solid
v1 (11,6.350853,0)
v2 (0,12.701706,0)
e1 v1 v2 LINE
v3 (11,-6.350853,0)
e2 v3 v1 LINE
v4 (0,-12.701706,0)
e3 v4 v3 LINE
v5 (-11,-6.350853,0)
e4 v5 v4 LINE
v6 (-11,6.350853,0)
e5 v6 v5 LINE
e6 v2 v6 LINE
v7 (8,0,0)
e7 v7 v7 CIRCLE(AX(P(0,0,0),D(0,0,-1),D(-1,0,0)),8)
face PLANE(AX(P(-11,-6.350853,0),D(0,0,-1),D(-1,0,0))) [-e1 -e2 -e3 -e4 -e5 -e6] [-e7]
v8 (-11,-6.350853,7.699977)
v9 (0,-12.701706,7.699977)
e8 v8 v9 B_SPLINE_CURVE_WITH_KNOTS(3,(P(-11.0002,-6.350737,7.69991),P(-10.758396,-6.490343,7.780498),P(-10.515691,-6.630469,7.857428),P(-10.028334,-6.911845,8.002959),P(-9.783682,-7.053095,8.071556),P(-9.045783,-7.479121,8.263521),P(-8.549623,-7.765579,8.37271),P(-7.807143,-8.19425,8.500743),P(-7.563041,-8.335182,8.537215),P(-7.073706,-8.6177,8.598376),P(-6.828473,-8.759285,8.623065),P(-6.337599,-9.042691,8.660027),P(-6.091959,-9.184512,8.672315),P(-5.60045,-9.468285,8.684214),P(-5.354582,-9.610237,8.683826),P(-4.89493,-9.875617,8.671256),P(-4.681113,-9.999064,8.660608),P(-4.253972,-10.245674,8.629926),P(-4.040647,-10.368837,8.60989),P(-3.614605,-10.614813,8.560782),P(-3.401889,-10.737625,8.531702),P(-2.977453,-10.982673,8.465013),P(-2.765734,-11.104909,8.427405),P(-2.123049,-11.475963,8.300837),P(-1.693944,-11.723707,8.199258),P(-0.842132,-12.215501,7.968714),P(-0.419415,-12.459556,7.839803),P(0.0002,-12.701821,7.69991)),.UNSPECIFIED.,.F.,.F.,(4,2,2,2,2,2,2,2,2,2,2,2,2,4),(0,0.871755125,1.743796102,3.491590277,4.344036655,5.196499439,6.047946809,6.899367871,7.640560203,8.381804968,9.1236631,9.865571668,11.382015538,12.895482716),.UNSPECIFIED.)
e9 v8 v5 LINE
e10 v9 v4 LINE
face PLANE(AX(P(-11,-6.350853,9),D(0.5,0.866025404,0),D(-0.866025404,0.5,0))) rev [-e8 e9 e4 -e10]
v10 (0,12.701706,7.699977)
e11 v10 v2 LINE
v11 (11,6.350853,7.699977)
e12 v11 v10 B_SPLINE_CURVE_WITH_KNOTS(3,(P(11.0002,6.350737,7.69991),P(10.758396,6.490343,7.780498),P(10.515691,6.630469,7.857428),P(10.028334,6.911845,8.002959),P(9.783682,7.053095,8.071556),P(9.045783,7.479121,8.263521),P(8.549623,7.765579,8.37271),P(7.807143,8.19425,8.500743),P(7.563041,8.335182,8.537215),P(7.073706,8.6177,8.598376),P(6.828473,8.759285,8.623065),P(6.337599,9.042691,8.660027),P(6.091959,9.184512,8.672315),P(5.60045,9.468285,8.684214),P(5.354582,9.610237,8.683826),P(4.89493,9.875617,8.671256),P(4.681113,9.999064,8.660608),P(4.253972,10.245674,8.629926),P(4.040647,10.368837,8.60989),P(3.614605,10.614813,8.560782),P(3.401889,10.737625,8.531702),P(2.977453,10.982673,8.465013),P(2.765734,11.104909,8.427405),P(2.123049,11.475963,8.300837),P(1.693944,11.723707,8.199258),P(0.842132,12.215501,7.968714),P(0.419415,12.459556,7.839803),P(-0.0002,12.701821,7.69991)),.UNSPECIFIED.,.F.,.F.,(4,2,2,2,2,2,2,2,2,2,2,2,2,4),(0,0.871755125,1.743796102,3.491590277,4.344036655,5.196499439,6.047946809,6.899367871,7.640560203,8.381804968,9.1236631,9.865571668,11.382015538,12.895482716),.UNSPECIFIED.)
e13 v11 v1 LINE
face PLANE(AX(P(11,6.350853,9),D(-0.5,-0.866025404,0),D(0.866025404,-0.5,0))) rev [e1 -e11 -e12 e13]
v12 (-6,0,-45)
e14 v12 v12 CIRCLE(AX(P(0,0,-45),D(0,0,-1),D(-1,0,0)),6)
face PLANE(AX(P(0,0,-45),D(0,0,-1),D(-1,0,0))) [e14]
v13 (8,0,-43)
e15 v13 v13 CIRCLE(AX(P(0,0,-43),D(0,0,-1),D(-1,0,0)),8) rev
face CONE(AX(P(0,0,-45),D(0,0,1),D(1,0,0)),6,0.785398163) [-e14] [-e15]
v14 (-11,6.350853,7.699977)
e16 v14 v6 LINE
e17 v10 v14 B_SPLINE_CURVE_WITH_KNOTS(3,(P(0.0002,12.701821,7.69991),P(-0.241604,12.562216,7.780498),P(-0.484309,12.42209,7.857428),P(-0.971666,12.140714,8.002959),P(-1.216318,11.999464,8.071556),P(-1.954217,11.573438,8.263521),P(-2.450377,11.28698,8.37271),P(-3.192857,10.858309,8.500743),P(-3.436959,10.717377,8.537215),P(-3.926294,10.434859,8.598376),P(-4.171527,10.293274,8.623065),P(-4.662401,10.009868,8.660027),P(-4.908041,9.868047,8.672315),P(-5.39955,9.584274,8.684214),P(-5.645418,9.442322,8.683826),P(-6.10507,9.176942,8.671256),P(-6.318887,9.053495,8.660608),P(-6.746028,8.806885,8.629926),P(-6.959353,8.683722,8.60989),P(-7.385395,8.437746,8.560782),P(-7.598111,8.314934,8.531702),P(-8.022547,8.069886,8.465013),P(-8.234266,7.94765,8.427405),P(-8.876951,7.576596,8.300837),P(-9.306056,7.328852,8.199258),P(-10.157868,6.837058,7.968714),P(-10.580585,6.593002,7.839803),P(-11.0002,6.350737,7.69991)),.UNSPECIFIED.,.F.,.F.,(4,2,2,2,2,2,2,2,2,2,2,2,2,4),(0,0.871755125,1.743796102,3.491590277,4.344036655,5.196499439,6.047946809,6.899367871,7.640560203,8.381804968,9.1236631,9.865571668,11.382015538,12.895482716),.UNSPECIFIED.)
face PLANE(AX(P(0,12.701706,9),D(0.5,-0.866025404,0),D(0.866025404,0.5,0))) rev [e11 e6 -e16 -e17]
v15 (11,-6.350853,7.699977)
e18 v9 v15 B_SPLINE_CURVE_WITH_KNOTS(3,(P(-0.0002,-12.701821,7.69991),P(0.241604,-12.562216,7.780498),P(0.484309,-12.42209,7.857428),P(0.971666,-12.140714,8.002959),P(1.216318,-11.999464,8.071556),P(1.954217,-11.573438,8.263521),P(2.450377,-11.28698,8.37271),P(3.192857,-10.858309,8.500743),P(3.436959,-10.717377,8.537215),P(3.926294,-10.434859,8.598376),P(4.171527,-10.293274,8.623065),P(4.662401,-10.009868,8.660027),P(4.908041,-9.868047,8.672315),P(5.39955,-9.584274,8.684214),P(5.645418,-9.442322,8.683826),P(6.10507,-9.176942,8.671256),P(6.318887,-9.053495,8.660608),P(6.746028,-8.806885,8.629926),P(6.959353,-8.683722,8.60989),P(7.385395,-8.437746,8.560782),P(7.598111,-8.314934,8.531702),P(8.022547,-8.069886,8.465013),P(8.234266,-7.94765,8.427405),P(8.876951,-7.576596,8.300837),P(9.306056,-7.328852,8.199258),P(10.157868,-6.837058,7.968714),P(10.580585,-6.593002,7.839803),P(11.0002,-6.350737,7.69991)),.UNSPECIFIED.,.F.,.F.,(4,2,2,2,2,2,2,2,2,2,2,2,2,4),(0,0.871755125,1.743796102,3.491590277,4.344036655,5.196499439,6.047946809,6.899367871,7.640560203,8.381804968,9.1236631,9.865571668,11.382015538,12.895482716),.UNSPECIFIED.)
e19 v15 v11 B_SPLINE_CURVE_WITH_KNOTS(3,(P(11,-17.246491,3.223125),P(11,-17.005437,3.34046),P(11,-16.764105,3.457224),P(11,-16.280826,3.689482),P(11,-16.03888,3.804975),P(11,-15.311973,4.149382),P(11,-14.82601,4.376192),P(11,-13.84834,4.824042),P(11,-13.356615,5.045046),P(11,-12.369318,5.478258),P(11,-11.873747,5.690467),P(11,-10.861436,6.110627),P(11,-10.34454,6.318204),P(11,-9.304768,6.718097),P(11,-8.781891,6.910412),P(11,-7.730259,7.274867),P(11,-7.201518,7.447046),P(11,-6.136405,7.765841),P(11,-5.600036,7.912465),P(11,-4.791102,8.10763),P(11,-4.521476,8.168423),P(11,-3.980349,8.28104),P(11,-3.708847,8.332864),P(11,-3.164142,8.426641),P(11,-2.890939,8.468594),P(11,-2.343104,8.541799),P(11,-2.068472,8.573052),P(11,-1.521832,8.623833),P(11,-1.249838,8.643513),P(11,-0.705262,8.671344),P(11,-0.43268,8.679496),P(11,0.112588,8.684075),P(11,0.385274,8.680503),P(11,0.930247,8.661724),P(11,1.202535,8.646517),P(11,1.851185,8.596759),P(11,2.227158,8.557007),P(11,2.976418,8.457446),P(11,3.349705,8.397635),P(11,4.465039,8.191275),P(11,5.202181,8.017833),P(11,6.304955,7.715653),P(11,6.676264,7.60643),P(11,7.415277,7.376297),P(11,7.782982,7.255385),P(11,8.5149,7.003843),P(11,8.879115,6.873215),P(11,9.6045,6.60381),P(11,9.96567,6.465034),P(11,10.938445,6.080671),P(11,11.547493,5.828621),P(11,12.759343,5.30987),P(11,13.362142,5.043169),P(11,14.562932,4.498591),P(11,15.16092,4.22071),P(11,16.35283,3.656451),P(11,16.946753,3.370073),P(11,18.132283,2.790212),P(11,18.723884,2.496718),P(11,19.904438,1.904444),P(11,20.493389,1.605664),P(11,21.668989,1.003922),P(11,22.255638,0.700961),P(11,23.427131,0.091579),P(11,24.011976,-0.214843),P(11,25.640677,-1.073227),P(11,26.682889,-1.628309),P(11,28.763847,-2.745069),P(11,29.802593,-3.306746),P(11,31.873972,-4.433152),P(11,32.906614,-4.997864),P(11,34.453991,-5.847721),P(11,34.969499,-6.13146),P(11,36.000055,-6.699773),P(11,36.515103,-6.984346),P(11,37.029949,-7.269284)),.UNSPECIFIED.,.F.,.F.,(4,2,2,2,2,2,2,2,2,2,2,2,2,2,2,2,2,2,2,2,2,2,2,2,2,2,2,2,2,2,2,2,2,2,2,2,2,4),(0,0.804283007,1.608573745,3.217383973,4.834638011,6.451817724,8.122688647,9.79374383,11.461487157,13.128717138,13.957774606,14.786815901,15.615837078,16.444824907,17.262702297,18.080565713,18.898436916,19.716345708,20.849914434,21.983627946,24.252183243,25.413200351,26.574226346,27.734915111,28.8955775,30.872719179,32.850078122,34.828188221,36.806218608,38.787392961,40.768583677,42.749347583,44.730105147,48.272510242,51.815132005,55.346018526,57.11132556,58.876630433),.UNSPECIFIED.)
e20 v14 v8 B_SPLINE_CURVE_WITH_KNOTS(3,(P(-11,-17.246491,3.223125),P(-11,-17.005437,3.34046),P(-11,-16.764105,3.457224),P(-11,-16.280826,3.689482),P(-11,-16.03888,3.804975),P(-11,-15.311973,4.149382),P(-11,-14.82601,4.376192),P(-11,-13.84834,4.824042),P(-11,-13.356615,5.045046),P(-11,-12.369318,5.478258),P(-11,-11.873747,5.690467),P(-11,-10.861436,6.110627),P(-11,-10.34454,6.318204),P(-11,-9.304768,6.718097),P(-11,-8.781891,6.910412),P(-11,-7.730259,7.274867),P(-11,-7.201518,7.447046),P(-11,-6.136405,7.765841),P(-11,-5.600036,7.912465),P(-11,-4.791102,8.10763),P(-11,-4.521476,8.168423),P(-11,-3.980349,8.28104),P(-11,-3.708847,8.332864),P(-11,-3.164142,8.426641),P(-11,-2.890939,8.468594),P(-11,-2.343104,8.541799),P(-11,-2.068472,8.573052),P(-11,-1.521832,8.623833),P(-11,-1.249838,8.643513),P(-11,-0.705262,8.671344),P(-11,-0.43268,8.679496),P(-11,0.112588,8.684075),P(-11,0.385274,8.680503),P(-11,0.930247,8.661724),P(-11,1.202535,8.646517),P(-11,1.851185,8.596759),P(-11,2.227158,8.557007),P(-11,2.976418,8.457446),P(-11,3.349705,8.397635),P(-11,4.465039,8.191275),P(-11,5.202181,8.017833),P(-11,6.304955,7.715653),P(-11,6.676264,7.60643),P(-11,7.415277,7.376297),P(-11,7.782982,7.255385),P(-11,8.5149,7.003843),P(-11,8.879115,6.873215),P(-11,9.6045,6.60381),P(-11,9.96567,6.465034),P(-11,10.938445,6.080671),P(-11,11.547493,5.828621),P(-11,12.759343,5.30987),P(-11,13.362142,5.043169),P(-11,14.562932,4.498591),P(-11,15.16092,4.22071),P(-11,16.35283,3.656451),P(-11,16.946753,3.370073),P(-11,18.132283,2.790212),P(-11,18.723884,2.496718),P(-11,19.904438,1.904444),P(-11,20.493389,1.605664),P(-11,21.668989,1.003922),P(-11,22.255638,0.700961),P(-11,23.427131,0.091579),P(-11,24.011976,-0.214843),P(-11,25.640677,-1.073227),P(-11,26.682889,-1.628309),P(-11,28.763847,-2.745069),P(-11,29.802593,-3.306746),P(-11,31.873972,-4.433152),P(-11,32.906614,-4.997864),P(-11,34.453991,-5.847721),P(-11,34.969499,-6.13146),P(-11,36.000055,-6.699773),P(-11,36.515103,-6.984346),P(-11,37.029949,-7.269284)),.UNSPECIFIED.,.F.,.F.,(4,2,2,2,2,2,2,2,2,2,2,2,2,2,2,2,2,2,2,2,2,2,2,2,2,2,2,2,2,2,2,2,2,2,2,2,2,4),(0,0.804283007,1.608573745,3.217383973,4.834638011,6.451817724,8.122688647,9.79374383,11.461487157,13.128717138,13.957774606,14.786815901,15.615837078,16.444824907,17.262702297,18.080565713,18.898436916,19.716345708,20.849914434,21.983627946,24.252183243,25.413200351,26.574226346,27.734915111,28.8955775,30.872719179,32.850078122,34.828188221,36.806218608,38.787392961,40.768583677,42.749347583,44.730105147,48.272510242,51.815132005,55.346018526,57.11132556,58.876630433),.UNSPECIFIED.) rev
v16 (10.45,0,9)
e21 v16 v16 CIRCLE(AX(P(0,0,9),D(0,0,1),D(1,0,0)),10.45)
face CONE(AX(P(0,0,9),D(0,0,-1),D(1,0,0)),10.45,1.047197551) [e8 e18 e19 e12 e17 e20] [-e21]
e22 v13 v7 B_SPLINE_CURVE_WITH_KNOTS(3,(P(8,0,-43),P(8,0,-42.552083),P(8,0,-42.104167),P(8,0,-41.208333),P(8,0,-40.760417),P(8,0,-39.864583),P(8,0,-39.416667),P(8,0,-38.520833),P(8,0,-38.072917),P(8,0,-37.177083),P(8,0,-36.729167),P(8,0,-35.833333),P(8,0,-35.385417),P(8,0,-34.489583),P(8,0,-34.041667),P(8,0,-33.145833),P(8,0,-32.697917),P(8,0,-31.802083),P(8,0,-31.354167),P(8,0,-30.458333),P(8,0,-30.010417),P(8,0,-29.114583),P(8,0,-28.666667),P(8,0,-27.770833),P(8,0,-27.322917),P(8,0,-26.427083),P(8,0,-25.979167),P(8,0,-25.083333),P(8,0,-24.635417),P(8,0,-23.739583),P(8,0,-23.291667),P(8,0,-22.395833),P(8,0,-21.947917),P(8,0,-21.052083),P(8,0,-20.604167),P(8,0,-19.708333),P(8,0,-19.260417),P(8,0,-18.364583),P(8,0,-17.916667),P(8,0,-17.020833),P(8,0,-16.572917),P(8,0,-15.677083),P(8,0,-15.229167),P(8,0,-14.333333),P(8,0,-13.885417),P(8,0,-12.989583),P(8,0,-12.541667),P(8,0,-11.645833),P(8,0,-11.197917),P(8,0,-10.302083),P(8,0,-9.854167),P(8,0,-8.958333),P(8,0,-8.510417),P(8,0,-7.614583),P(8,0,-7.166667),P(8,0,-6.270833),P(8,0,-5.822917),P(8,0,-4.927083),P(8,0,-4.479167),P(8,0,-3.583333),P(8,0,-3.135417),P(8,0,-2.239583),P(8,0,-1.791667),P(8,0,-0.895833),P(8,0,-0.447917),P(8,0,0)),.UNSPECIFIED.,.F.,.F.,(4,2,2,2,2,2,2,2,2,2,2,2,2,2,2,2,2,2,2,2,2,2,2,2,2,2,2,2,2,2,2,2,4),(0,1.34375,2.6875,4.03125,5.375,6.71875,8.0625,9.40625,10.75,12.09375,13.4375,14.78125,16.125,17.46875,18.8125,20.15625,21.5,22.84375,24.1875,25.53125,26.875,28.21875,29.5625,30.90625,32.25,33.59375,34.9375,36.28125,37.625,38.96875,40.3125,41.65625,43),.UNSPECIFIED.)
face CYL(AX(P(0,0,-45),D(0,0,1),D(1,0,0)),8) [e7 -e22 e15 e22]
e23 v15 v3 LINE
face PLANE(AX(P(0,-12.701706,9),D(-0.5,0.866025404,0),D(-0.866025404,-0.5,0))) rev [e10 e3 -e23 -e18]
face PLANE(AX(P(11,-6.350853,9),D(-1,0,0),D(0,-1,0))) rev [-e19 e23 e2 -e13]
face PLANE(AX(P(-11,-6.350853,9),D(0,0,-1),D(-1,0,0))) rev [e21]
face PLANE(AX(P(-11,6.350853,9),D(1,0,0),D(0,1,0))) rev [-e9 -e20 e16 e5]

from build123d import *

# Parameters (mm, degrees)
EXTRUDE_337_DEPTH     = 9
SKETCH_D_OUTSIDE_W    = 65.598
SKETCH_D_OUTSIDE_H    = 69.002
SKETCH_D_OUTSIDE_R    = 10.45
CUT_EXTRUDE_379_DEPTH = 10
CUT_EXTRUDE_379_DRAFT = -60
SKETCH_398_R          = 8
EXTRUDE_460_DEPTH     = 45
CHAMFER_475_SIZE      = 2


with BuildPart() as part:
    # Sketch 332 → Extrude 337 (new body)
    with BuildSketch(Plane.XY):
        Polygon((0, -12.701705922), (11, -6.350852961), (11, 6.350852961), (0, 12.701705922), (-11, 6.350852961), (-11, -6.350852961), align=None)
    extrude(amount=EXTRUDE_337_DEPTH)


with BuildPart() as cut_extrude_379_tool:
    # D outside → Cut-Extrude 379 (with draft: the straight prism first)
    with BuildSketch(Plane.XY.offset(9)):
        Rectangle(SKETCH_D_OUTSIDE_W, SKETCH_D_OUTSIDE_H)
        Circle(SKETCH_D_OUTSIDE_R, mode=Mode.SUBTRACT)
    extrude(amount=-CUT_EXTRUDE_379_DEPTH)
    # Cut-Extrude 379: the draft: its side faces are tilted about the plane it starts from
    cut_extrude_379_sides = [cut_extrude_379_tool.faces().sort_by_distance(p)[0] for p in [
        (0, -34.501, 4),
        (32.799, 0, 4),
        (0, 34.501, 4),
        (-32.799, 0, 4),
        (-10.45, 0, 4),
    ]]
    draft(cut_extrude_379_sides, Plane.XY.offset(9), CUT_EXTRUDE_379_DRAFT)


with BuildPart() as part_1:
    add(part.part)

    # Cut-Extrude 379: cut by cut_extrude_379_tool
    add(cut_extrude_379_tool.part, mode=Mode.SUBTRACT)

    # Sketch 398 → Extrude 460 (add)
    with BuildSketch(Plane(origin=(0, 0, 0), x_dir=(-1, 0, 0), z_dir=(0, 0, -1))):
        with Locations(Location((0, 0, 0), (0, 0, 180))):
            Circle(SKETCH_398_R)
    extrude(amount=EXTRUDE_460_DEPTH)

    # Chamfer 475
    chamfer_475_edges = [part_1.edges().sort_by_distance(p)[0] for p in [
        (-8, 0, -45),
    ]]
    chamfer(chamfer_475_edges, length=CHAMFER_475_SIZE)


solid = part_1.part
